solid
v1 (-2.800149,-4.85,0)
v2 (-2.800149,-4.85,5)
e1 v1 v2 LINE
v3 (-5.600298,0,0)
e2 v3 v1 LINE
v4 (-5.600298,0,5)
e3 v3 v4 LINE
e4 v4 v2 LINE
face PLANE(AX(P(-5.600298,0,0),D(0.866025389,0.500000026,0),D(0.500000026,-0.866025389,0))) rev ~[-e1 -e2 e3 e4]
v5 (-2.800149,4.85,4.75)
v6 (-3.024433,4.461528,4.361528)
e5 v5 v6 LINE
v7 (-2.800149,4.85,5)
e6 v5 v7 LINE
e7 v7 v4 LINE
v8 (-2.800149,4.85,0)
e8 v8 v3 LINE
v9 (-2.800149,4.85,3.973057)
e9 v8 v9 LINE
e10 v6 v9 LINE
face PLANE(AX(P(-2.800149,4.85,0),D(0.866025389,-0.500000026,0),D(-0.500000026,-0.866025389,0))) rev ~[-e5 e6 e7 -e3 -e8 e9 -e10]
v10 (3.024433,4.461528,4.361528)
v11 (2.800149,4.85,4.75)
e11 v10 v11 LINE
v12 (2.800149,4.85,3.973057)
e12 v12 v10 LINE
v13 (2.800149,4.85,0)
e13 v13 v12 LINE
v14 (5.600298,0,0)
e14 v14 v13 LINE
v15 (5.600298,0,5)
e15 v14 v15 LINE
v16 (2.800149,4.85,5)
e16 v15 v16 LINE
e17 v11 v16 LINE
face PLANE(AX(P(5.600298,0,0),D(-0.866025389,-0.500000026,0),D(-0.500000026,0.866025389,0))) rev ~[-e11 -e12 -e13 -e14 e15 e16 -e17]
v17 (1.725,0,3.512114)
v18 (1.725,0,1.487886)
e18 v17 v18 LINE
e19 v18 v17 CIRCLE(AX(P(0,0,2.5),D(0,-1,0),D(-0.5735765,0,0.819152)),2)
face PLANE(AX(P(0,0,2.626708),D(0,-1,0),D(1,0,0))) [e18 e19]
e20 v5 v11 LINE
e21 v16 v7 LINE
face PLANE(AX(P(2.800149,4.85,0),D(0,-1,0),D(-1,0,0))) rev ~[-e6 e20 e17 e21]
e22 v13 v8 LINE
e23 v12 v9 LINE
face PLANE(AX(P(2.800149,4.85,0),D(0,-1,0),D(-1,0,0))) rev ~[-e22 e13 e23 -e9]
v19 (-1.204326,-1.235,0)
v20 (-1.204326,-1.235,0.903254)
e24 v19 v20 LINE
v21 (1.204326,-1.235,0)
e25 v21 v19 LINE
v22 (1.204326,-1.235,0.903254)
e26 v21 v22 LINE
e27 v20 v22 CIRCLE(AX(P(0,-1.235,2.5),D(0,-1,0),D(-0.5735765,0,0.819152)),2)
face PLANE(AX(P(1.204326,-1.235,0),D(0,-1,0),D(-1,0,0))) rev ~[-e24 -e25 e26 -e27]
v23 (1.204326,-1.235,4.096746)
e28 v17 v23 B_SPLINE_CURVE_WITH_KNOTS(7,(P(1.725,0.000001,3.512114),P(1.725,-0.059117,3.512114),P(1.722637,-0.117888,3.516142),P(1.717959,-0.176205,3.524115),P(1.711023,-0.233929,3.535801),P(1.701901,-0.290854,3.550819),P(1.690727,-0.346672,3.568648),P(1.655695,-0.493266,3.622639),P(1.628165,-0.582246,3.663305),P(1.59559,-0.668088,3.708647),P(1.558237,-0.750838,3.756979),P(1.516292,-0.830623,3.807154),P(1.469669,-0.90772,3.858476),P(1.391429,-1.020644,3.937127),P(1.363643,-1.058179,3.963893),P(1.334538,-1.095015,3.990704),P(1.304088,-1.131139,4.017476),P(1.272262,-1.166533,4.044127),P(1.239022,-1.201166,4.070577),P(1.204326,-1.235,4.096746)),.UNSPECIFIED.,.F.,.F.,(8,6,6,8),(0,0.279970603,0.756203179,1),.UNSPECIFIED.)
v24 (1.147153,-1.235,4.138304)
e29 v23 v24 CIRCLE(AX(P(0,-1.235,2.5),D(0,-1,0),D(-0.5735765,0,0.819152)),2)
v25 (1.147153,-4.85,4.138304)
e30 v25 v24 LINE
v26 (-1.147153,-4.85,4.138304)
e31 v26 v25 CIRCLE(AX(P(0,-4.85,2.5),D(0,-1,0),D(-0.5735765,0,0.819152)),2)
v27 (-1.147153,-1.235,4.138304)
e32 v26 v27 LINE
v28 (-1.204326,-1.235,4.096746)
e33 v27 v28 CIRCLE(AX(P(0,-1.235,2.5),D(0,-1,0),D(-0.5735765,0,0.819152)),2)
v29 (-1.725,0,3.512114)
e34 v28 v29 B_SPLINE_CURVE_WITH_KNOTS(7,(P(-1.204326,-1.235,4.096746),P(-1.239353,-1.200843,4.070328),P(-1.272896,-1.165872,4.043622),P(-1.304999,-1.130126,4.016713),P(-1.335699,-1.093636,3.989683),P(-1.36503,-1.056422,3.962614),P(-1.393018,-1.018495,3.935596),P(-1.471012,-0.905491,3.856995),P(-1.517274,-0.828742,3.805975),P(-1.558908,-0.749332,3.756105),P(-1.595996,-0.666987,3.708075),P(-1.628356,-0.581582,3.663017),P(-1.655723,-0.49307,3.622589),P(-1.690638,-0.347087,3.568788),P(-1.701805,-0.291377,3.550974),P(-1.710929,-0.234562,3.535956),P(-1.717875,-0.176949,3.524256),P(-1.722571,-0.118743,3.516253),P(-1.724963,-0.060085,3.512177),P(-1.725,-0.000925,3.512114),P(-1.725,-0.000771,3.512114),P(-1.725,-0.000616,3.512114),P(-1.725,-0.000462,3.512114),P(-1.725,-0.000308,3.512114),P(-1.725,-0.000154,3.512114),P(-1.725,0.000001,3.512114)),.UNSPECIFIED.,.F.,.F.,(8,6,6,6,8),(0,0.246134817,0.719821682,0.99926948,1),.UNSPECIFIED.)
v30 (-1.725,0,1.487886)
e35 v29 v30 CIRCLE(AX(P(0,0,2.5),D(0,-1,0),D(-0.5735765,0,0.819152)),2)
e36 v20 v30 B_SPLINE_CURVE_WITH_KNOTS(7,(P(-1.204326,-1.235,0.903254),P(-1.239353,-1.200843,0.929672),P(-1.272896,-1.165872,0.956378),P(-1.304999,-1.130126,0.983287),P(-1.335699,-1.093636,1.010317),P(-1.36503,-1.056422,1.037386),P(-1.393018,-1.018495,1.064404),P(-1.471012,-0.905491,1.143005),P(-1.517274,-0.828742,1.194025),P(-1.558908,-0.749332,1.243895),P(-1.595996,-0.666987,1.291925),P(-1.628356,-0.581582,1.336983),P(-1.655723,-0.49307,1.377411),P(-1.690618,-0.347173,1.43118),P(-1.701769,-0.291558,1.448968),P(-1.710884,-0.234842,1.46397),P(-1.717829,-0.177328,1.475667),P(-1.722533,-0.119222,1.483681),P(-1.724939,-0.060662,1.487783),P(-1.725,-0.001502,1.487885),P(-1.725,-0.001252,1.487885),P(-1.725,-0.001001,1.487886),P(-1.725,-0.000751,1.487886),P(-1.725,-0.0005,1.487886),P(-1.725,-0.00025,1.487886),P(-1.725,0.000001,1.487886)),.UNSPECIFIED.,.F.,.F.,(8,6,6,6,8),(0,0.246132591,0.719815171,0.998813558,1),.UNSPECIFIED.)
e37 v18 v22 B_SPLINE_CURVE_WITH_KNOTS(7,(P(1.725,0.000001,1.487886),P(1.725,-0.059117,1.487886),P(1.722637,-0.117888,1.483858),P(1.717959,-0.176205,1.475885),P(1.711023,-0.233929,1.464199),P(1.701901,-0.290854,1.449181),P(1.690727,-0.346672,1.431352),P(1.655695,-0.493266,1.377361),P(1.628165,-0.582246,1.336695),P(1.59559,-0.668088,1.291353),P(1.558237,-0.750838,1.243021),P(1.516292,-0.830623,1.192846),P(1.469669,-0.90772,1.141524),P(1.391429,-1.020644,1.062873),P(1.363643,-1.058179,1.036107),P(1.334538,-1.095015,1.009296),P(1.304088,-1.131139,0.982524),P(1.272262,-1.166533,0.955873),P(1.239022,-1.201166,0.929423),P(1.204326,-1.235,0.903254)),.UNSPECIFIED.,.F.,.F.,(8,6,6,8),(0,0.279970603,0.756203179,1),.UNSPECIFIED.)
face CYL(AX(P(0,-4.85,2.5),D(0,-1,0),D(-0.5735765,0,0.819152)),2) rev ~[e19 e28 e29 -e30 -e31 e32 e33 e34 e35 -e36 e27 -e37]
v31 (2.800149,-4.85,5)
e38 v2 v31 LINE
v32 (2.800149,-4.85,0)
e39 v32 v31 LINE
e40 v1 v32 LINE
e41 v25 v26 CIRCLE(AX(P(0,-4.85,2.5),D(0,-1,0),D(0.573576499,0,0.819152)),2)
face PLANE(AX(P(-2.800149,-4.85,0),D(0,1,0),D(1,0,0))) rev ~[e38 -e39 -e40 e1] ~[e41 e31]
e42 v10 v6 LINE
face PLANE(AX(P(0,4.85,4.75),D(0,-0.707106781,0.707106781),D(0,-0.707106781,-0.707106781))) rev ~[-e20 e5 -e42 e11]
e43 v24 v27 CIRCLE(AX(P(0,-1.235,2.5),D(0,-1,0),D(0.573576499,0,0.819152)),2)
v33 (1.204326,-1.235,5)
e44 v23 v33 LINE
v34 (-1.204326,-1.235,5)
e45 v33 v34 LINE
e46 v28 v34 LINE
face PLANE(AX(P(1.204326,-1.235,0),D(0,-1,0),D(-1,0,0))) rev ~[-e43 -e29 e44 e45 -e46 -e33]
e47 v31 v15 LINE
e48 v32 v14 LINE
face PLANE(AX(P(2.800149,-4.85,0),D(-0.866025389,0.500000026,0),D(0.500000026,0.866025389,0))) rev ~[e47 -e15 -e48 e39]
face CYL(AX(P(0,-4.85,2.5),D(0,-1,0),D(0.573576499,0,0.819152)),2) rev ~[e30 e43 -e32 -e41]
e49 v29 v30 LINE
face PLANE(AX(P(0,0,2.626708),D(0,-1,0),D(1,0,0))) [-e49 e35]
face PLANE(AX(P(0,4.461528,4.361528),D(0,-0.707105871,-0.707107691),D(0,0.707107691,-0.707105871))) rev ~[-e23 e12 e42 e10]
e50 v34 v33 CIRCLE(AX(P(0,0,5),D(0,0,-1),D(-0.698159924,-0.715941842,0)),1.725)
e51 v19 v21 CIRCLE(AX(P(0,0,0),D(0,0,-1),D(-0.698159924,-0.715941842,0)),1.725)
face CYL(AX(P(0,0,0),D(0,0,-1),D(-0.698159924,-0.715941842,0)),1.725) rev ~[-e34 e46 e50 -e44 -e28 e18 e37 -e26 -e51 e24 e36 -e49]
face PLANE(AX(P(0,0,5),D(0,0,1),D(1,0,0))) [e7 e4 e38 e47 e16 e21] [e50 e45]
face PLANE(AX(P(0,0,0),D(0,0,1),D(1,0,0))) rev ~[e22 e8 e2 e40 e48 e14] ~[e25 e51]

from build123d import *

# Parameters (mm, degrees)
F1_DEPTH = 5
F3_DEPTH = 12.5
F5_DEPTH = 4.85


with BuildPart() as f1:
    # F0 (on Top) → F1 (new body)
    with BuildSketch(Plane.XY):
        Polygon((-2.800149, 4.85), (-5.600298, 0), (-2.800149, -4.85), (2.800149, -4.85), (5.600298, 0), (2.800149, 4.85), align=None)
        with BuildLine():
            ThreePointArc((-1.204326, -1.235), (0, 1.725), (1.204326, -1.235))
            Line((1.204326, -1.235), (-1.204326, -1.235))
        make_face(mode=Mode.SUBTRACT)
    extrude(amount=F1_DEPTH)

    # F2 (on Right) → F3 (cut, symmetric)
    with BuildSketch(Plane.YZ):
        Polygon((4.85, 3.973057), (4.85, 4.75), (4.461528, 4.361528), align=None)
    extrude(amount=F3_DEPTH, both=True, mode=Mode.SUBTRACT)

    # F4 (on face) → F5 (cut, through all)
    with BuildSketch(Plane.XZ.offset(4.85)):
        with BuildLine():
            ThreePointArc((1.147153, 4.138304), (0, 4.5), (-1.147153, 4.138304))
            ThreePointArc((-1.147153, 4.138304), (0, 0.5), (1.147153, 4.138304))
        make_face()
    extrude(amount=-F5_DEPTH, mode=Mode.SUBTRACT)


solid = f1.part
